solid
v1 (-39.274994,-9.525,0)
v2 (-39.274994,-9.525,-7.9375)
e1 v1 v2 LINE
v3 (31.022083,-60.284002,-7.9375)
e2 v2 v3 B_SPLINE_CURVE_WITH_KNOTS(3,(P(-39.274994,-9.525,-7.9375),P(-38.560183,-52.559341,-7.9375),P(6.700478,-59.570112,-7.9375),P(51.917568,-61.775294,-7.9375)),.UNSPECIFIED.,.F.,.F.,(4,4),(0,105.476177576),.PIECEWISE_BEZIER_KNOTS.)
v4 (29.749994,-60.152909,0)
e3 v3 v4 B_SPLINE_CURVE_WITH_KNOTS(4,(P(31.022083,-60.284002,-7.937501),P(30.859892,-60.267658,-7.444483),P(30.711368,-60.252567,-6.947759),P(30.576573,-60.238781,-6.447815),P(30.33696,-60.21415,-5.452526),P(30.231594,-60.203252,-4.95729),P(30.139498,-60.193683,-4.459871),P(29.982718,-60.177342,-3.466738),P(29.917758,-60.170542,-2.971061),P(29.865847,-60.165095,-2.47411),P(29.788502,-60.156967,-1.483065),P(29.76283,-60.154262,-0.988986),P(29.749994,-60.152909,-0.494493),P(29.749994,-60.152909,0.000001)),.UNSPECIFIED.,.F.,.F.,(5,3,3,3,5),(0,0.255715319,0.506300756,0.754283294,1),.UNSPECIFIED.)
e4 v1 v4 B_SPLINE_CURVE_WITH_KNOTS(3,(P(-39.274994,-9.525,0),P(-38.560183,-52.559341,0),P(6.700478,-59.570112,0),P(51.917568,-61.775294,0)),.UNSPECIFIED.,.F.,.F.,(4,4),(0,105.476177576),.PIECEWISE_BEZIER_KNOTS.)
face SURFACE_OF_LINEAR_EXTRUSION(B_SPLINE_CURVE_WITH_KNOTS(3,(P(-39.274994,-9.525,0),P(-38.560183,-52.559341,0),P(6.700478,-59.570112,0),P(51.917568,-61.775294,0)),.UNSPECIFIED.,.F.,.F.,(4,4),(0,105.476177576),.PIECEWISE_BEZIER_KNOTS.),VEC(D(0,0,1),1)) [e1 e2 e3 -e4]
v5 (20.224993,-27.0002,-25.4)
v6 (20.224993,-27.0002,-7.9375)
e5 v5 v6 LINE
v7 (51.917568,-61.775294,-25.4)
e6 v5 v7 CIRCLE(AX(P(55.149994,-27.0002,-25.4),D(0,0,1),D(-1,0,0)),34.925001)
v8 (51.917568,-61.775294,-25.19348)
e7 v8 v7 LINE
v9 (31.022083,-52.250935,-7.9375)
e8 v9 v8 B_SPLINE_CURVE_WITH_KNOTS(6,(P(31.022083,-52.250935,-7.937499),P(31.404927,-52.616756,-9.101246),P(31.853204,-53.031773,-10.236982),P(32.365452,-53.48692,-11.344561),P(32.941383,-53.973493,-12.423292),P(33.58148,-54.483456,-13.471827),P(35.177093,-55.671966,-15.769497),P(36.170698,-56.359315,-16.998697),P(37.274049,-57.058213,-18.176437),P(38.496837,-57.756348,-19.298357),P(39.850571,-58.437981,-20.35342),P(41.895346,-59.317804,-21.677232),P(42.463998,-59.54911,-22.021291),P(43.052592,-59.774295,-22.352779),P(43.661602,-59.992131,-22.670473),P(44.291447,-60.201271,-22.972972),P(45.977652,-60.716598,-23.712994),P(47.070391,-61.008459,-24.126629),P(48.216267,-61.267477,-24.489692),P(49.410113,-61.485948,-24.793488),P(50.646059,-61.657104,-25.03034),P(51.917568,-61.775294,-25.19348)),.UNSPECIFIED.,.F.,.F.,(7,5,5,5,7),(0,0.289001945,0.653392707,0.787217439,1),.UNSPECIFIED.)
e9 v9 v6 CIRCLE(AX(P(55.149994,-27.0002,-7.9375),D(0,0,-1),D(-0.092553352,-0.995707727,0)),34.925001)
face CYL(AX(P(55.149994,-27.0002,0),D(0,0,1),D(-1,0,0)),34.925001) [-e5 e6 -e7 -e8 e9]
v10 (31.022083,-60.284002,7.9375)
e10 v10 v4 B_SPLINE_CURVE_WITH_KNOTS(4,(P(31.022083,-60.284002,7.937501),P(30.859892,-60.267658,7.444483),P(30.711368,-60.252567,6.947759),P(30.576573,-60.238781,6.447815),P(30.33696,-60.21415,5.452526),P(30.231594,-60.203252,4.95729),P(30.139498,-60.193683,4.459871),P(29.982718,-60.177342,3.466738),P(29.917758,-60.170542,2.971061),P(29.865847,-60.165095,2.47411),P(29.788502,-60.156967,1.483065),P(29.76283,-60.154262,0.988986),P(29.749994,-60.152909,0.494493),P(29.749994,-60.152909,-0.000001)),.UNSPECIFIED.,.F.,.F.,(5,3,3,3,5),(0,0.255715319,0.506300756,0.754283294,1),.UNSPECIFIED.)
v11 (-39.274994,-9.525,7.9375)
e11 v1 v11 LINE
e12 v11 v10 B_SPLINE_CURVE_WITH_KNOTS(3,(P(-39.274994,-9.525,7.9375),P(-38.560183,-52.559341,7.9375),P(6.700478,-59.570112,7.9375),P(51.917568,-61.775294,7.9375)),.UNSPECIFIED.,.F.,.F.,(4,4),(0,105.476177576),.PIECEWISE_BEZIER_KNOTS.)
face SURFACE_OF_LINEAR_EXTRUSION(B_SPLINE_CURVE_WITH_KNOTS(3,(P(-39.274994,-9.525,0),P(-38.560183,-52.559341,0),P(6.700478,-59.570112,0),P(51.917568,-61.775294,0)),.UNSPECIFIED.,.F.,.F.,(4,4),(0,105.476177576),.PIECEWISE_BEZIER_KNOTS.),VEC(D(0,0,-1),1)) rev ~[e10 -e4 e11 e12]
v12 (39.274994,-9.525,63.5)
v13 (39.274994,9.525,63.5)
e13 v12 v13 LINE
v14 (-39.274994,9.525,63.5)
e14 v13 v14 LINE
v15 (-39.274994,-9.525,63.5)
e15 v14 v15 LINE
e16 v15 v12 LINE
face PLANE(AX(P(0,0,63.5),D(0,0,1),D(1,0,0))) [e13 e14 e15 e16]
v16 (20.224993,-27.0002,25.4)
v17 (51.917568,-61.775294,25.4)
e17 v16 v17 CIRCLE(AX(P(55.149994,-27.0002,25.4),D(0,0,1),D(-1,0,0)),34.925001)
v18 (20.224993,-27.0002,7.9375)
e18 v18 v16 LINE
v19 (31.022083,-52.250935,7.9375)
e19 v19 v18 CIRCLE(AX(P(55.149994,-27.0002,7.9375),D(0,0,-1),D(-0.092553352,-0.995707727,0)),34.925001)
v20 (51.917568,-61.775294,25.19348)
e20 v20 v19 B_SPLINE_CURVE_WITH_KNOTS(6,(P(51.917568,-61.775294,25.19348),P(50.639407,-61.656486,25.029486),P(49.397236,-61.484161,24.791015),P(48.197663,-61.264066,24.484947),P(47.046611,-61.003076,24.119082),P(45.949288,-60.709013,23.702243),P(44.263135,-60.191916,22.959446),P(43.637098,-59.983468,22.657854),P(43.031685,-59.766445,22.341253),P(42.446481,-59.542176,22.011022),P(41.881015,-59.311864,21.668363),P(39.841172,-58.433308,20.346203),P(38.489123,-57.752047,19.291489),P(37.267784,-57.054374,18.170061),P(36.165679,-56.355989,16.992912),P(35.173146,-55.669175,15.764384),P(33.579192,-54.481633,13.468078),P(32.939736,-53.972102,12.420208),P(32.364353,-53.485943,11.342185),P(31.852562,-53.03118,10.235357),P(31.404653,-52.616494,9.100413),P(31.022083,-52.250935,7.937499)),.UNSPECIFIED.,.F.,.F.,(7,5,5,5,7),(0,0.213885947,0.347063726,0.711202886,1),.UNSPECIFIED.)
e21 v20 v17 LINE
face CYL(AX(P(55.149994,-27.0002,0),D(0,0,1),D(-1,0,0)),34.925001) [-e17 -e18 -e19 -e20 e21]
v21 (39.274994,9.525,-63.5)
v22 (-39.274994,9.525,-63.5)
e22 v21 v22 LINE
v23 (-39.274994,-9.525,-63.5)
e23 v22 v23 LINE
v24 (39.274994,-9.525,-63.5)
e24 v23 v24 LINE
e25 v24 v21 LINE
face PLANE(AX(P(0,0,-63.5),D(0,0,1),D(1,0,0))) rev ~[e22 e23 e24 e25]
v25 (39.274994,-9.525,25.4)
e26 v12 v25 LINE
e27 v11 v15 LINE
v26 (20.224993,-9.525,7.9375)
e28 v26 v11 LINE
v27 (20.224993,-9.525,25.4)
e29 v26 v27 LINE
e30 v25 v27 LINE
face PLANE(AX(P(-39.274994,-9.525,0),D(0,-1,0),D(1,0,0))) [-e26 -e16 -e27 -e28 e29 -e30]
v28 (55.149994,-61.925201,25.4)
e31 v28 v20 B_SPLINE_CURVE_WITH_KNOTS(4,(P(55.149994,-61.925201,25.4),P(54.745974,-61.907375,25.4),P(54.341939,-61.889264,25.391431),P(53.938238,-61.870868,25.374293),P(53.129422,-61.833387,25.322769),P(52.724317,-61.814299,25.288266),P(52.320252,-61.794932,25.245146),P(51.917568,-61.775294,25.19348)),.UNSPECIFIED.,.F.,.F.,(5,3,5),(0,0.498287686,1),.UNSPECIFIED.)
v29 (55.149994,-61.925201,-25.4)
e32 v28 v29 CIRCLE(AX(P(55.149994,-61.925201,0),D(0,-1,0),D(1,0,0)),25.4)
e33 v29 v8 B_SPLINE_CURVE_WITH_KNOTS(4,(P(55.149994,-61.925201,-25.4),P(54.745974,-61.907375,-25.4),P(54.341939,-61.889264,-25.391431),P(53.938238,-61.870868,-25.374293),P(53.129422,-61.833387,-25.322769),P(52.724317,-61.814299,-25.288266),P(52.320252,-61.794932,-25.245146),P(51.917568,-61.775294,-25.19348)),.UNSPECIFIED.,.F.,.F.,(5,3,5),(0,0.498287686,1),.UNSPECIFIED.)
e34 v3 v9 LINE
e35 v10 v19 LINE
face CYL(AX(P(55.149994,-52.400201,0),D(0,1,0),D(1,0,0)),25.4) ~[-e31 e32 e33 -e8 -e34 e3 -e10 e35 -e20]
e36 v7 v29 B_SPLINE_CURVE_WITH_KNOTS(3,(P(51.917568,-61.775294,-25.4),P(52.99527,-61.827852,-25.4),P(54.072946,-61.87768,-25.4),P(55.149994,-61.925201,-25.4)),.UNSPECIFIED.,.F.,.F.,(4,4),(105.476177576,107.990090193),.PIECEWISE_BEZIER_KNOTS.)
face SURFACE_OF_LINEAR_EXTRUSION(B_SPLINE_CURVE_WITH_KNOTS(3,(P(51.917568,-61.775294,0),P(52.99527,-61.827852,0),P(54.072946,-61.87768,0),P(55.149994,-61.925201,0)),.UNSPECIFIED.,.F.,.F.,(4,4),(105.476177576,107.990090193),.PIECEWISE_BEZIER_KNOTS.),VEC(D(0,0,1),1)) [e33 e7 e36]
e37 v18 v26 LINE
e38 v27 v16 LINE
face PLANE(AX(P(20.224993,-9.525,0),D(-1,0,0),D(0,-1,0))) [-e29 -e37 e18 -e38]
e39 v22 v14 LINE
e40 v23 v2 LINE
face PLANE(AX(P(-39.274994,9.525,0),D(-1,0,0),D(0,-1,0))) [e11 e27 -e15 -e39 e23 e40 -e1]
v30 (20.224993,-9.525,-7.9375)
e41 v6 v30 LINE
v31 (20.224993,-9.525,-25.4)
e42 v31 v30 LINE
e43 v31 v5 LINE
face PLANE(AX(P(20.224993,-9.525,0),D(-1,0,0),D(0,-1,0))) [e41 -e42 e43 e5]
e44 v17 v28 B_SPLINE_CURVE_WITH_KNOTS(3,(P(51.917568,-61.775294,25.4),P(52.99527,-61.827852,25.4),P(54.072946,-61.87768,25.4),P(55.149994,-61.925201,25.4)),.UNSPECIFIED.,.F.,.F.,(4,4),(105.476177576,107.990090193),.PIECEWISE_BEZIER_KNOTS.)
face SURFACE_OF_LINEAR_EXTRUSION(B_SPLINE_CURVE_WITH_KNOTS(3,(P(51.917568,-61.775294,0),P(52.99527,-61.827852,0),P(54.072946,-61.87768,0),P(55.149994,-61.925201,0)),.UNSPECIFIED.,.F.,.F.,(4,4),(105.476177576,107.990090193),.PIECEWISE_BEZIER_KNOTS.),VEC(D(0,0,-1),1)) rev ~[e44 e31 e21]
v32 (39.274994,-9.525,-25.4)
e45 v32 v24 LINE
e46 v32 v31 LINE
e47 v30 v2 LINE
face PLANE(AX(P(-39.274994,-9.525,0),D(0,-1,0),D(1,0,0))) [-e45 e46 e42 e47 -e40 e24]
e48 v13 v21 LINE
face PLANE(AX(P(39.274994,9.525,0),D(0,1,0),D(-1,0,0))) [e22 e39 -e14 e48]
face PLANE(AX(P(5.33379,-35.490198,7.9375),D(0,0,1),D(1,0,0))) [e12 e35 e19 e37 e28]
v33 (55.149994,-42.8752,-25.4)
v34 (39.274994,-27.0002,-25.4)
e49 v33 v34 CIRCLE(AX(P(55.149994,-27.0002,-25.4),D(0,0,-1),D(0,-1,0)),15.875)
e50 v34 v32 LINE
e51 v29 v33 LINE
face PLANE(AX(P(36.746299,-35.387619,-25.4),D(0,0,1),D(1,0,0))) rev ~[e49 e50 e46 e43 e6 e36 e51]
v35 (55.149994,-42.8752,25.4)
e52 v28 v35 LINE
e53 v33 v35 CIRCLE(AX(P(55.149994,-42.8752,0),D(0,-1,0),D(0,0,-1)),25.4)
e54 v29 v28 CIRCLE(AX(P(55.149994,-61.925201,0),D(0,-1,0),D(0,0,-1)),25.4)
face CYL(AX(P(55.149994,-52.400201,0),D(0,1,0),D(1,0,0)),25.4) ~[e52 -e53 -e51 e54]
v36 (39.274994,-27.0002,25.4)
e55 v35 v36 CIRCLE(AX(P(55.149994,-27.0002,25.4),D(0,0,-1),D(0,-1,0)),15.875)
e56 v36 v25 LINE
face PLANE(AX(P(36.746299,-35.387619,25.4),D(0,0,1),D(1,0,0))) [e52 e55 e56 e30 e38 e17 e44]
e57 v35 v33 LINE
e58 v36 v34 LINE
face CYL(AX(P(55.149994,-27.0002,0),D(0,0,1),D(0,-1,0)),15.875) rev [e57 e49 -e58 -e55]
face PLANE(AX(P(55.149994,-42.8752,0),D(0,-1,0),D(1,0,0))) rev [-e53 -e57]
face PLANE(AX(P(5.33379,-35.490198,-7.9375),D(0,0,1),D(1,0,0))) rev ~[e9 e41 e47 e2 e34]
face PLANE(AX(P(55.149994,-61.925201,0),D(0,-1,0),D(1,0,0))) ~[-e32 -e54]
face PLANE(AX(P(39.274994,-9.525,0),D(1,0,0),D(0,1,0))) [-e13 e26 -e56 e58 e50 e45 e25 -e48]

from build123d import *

# Parameters (mm, degrees)
F1_DEPTH = 63.5
F2_DEPTH = 25.4
F3_DEPTH = 7.9375
F0_W     = 25.4
F0_H     = 19.0500014678


with BuildPart() as f1:
    # F0 (on Top) → F1 (new body, symmetric)
    with BuildSketch(Plane.XY):
        Polygon((39.2749942839, 9.525), (-39.2749942839, 9.525), (-39.2749942839, -9.525), (20.2249928161, -9.525), (39.2749942839, -9.525), align=None)
    extrude(amount=F1_DEPTH, both=True)

    # F0 (on Top) → F2 (join, symmetric)
    with BuildSketch(Plane.XY):
        with BuildLine():
            Line((39.2749942839, -27.0002), (39.2749942839, -9.525))
            Line((39.2749942839, -9.525), (20.2249928161, -9.525))
            Line((20.2249928161, -9.525), (20.2249928161, -27.0002))
            ThreePointArc((20.2249928161, -27.0002), (29.3367398508, -50.5253274831), (51.9175683258, -61.7752938165))
            add(Edge.make_bspline(
                [(51.9175683258, -61.7752938165), (52.9952696281, -61.8278519925), (54.0729461799, -61.8776803226), (55.1499942839, -61.9252014678)],
                knots=[105.4761775762, 105.4761775762, 105.4761775762, 105.4761775762, 107.990090193, 107.990090193, 107.990090193, 107.990090193], degree=3))
            Line((55.1499942839, -61.9252014678), (55.1499942839, -42.8752))
            ThreePointArc((55.1499942839, -42.8752), (43.9246741326, -38.2255201513), (39.2749942839, -27.0002))
        make_face()
    extrude(amount=F2_DEPTH, both=True)

    # F0 (on Top) → F3 (join, symmetric)
    with BuildSketch(Plane.XY):
        with BuildLine():
            Line((20.2249928161, -9.525), (-39.2749942839, -9.525))
            add(Edge.make_bspline(
                [(-39.2749942839, -9.525), (-38.560182874, -52.5593411678), (6.7004779731, -59.5701115574), (51.9175683258, -61.7752938165)],
                knots=[0, 0, 0, 0, 105.4761775762, 105.4761775762, 105.4761775762, 105.4761775762], degree=3))
            ThreePointArc((51.9175683258, -61.7752938165), (29.3367398508, -50.5253274831), (20.2249928161, -27.0002))
            Line((20.2249928161, -27.0002), (20.2249928161, -9.525))
        make_face()
    extrude(amount=F3_DEPTH, both=True)

    # F0 (on Top) → F4 (revolve)
    with BuildSketch(Plane.XY):
        with Locations((67.8499942839, -52.4002007339)):
            Rectangle(F0_W, F0_H)
    revolve(axis=Axis((55.1499942839, -52.3875, 0), (0, -1, 0)))


solid = f1.part
